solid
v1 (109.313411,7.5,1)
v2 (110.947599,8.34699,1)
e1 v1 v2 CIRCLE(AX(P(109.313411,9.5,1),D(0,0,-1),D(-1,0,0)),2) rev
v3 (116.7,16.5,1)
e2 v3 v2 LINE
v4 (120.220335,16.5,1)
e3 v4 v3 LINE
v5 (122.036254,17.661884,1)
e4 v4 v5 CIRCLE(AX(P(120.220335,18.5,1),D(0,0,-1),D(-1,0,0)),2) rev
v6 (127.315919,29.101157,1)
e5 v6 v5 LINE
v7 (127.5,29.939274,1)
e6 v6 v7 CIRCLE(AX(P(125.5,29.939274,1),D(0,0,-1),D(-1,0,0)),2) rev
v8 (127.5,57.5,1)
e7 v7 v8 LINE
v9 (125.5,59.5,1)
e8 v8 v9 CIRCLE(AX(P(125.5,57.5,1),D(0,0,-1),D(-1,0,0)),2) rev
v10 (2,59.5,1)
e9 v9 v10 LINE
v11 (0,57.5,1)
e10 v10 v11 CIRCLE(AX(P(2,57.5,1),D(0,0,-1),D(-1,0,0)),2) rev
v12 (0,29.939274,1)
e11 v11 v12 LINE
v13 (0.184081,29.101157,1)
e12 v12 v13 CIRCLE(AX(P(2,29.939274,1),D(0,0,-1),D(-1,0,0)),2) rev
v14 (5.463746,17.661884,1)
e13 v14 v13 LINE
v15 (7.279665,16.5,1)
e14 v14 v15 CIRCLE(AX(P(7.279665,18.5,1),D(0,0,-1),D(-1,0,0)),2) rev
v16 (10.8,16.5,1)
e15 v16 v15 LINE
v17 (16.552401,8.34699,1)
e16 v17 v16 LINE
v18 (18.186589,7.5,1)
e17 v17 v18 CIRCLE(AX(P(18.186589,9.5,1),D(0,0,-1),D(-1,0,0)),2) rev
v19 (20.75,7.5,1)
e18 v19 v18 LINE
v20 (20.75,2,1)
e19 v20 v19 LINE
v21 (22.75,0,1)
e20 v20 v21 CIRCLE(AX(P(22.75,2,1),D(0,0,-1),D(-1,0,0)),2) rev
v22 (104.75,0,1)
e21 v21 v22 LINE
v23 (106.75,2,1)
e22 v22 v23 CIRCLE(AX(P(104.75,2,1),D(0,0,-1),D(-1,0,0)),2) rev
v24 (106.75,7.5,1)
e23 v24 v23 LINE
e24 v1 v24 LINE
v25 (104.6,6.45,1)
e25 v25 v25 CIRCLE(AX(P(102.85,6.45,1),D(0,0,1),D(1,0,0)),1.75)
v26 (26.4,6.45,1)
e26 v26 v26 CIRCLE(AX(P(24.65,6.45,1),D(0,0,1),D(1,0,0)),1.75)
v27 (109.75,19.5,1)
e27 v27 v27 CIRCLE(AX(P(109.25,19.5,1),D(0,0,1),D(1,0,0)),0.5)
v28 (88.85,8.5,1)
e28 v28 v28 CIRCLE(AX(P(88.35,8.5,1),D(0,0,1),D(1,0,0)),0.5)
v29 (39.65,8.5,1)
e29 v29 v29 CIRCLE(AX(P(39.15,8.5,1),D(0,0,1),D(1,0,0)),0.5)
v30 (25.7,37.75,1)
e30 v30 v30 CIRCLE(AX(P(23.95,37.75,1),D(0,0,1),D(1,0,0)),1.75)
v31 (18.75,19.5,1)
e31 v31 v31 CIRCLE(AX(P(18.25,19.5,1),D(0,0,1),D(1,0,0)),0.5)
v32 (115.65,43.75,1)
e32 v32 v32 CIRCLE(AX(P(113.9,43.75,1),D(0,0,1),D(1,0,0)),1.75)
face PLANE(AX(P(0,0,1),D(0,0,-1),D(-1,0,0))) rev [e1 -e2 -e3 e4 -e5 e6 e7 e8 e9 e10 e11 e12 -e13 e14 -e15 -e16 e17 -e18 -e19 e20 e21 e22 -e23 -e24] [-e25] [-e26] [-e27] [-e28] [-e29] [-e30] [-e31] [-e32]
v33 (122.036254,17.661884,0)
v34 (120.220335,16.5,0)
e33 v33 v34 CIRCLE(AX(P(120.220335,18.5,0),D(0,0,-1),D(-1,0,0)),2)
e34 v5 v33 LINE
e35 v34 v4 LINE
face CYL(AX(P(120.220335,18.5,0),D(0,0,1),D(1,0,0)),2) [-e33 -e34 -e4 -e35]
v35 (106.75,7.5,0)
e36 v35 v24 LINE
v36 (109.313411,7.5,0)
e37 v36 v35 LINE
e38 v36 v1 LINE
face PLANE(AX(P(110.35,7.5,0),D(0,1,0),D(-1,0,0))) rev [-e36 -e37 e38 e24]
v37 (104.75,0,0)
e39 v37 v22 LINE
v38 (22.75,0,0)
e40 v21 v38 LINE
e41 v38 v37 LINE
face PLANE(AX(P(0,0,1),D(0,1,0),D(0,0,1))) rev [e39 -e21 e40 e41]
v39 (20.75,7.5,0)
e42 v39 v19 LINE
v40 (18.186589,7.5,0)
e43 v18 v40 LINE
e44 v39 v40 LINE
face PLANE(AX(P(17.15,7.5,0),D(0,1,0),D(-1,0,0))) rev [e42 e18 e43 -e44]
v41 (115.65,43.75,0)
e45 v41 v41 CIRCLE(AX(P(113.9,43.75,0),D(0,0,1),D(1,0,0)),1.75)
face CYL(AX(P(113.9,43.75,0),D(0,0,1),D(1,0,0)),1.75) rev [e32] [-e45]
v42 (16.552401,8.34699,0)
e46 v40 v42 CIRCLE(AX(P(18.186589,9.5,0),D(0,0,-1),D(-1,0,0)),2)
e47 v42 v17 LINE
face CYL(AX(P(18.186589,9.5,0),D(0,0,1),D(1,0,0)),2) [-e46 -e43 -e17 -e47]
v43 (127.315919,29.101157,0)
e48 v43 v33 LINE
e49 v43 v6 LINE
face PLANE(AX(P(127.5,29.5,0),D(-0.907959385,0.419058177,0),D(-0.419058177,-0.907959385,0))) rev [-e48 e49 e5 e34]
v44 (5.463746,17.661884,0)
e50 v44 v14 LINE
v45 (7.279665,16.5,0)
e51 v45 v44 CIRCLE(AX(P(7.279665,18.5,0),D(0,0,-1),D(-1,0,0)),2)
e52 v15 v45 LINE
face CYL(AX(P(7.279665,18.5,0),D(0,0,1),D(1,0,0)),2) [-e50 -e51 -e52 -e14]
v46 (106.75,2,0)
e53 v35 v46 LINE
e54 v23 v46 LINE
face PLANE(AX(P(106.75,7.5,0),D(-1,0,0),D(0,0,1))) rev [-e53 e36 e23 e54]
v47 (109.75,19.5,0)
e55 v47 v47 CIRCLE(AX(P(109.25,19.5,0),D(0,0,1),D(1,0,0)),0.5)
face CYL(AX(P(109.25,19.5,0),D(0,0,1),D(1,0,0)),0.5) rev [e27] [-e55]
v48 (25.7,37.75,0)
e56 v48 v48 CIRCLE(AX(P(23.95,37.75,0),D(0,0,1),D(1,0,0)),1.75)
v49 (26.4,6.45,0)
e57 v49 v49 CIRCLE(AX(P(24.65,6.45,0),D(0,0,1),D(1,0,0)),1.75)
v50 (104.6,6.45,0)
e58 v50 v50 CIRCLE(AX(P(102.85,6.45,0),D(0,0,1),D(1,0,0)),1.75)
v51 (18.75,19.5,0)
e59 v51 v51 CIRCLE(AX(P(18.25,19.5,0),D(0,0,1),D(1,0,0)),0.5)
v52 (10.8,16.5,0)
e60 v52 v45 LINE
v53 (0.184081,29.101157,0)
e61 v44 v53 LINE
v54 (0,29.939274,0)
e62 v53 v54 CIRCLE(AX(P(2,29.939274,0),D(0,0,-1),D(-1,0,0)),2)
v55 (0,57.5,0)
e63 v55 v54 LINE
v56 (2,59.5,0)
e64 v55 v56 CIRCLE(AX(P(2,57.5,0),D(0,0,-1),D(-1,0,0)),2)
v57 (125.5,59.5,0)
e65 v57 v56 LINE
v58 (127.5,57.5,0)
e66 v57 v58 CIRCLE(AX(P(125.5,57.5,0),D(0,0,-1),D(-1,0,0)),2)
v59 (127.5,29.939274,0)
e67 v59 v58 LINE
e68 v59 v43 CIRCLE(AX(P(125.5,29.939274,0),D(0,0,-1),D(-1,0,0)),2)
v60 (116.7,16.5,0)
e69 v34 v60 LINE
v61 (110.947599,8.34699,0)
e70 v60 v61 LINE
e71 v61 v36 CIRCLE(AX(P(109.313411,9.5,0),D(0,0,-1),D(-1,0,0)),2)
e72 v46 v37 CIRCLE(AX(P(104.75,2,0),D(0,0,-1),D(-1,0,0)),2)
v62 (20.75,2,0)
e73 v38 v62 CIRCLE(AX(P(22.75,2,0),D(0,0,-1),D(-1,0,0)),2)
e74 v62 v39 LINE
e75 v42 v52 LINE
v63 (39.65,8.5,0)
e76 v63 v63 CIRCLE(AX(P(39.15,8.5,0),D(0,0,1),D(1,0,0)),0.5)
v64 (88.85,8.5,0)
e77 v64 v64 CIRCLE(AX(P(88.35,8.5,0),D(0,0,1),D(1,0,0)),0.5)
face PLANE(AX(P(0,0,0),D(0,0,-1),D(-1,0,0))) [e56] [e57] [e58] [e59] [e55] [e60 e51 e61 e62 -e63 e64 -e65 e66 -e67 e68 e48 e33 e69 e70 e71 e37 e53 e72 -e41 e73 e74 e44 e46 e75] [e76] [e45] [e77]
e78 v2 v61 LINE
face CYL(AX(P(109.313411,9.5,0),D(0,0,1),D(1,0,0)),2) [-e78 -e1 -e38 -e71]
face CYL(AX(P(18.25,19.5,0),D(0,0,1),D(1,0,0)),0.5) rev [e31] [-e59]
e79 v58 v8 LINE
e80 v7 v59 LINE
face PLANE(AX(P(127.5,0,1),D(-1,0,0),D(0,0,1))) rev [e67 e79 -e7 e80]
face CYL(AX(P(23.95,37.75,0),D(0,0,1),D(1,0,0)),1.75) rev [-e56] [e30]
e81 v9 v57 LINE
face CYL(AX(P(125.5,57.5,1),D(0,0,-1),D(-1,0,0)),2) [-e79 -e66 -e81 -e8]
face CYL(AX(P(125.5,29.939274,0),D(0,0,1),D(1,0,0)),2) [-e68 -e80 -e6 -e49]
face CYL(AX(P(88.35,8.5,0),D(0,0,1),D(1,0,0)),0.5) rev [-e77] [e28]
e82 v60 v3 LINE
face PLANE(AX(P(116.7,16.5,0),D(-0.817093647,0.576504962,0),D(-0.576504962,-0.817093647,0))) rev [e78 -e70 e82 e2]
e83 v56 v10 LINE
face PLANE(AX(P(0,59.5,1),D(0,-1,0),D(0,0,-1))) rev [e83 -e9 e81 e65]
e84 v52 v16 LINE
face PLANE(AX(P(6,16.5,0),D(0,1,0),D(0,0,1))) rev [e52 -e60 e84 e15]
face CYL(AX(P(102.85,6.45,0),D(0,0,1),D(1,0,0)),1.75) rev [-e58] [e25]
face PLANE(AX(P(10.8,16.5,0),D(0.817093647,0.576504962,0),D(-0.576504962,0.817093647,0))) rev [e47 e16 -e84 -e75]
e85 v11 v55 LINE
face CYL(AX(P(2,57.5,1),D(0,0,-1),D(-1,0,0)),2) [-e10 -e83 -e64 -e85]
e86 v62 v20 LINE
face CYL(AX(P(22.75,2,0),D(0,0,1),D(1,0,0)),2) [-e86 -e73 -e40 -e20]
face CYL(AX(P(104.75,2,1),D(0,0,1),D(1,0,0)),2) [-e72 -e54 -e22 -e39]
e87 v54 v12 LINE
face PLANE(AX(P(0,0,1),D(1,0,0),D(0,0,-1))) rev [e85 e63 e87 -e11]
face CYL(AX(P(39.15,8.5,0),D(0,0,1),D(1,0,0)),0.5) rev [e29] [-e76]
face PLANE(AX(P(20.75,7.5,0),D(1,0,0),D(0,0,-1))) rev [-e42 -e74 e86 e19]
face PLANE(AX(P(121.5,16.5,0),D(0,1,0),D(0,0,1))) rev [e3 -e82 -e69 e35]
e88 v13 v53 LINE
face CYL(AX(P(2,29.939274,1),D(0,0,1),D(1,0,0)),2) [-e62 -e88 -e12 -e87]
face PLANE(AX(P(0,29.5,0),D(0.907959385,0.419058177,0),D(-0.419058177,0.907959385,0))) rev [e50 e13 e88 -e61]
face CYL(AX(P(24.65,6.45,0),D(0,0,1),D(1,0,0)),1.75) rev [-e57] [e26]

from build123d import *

# Parameters (mm, degrees)
ESQUISSE1_W             = 127.5
ESQUISSE1_H             = 59.5
BOSS_EXTRU_1_DEPTH      = 1
ESQUISSE3_R             = 1.75
ENL_V_MAT_EXTRU_1_DEPTH = 141.703589151
ESQUISSE5_R             = 0.5
ENL_V_MAT_EXTRU_3_DEPTH = 141.703589151
CONG_1_R                = 2


with BuildPart() as part:
    # Esquisse1 → Boss.-Extru.1 (new body)
    with BuildSketch(Plane.XY):
        with Locations((63.75, 29.75)):
            Rectangle(ESQUISSE1_W, ESQUISSE1_H)
    extrude(amount=BOSS_EXTRU_1_DEPTH)

    # Esquisse3 → Enlèv. mat.-Extru.1 (cut, through all)
    with BuildSketch(Plane.XY.offset(1)):
        with Locations((102.85, 6.45)):
            Circle(ESQUISSE3_R)
        with Locations((113.9, 43.75)):
            Circle(ESQUISSE3_R)
        with Locations((23.95, 37.75)):
            Circle(ESQUISSE3_R)
        with Locations((24.65, 6.45)):
            Circle(ESQUISSE3_R)
        Polygon((127.5, 29.5), (121.5, 16.5), (116.7, 16.5), (110.35, 7.5), (106.75, 7.5), (106.75, 0), (127.5, 0), align=None)
        Polygon((0, 0), (20.75, 0), (20.75, 7.5), (17.15, 7.5), (10.8, 16.5), (6, 16.5), (0, 29.5), align=None)
    extrude(amount=-ENL_V_MAT_EXTRU_1_DEPTH, mode=Mode.SUBTRACT)

    # Esquisse5 → Enlèv. mat.-Extru.3 (cut, through all)
    with BuildSketch(Plane.XY.offset(1)):
        with Locations((39.15, 8.5)):
            Circle(ESQUISSE5_R)
        with Locations((88.35, 8.5)):
            Circle(ESQUISSE5_R)
        with Locations((109.25, 19.5)):
            Circle(ESQUISSE5_R)
        with Locations((18.25, 19.5)):
            Circle(ESQUISSE5_R)
    extrude(amount=-ENL_V_MAT_EXTRU_3_DEPTH, mode=Mode.SUBTRACT)

    # Congé1
    cong_1_edges = [part.edges().sort_by_distance(p)[0] for p in [
        (127.5, 29.5, 0.5),
        (106.75, 0, 0.5),
        (110.35, 7.5, 0.5),
        (121.5, 16.5, 0.5),
        (0, 29.5, 0.5),
        (6, 16.5, 0.5),
        (17.15, 7.5, 0.5),
        (20.75, 0, 0.5),
        (0, 59.5, 0.5),
        (127.5, 59.5, 0.5),
    ]]
    fillet(cong_1_edges, radius=CONG_1_R)


solid = part.part
